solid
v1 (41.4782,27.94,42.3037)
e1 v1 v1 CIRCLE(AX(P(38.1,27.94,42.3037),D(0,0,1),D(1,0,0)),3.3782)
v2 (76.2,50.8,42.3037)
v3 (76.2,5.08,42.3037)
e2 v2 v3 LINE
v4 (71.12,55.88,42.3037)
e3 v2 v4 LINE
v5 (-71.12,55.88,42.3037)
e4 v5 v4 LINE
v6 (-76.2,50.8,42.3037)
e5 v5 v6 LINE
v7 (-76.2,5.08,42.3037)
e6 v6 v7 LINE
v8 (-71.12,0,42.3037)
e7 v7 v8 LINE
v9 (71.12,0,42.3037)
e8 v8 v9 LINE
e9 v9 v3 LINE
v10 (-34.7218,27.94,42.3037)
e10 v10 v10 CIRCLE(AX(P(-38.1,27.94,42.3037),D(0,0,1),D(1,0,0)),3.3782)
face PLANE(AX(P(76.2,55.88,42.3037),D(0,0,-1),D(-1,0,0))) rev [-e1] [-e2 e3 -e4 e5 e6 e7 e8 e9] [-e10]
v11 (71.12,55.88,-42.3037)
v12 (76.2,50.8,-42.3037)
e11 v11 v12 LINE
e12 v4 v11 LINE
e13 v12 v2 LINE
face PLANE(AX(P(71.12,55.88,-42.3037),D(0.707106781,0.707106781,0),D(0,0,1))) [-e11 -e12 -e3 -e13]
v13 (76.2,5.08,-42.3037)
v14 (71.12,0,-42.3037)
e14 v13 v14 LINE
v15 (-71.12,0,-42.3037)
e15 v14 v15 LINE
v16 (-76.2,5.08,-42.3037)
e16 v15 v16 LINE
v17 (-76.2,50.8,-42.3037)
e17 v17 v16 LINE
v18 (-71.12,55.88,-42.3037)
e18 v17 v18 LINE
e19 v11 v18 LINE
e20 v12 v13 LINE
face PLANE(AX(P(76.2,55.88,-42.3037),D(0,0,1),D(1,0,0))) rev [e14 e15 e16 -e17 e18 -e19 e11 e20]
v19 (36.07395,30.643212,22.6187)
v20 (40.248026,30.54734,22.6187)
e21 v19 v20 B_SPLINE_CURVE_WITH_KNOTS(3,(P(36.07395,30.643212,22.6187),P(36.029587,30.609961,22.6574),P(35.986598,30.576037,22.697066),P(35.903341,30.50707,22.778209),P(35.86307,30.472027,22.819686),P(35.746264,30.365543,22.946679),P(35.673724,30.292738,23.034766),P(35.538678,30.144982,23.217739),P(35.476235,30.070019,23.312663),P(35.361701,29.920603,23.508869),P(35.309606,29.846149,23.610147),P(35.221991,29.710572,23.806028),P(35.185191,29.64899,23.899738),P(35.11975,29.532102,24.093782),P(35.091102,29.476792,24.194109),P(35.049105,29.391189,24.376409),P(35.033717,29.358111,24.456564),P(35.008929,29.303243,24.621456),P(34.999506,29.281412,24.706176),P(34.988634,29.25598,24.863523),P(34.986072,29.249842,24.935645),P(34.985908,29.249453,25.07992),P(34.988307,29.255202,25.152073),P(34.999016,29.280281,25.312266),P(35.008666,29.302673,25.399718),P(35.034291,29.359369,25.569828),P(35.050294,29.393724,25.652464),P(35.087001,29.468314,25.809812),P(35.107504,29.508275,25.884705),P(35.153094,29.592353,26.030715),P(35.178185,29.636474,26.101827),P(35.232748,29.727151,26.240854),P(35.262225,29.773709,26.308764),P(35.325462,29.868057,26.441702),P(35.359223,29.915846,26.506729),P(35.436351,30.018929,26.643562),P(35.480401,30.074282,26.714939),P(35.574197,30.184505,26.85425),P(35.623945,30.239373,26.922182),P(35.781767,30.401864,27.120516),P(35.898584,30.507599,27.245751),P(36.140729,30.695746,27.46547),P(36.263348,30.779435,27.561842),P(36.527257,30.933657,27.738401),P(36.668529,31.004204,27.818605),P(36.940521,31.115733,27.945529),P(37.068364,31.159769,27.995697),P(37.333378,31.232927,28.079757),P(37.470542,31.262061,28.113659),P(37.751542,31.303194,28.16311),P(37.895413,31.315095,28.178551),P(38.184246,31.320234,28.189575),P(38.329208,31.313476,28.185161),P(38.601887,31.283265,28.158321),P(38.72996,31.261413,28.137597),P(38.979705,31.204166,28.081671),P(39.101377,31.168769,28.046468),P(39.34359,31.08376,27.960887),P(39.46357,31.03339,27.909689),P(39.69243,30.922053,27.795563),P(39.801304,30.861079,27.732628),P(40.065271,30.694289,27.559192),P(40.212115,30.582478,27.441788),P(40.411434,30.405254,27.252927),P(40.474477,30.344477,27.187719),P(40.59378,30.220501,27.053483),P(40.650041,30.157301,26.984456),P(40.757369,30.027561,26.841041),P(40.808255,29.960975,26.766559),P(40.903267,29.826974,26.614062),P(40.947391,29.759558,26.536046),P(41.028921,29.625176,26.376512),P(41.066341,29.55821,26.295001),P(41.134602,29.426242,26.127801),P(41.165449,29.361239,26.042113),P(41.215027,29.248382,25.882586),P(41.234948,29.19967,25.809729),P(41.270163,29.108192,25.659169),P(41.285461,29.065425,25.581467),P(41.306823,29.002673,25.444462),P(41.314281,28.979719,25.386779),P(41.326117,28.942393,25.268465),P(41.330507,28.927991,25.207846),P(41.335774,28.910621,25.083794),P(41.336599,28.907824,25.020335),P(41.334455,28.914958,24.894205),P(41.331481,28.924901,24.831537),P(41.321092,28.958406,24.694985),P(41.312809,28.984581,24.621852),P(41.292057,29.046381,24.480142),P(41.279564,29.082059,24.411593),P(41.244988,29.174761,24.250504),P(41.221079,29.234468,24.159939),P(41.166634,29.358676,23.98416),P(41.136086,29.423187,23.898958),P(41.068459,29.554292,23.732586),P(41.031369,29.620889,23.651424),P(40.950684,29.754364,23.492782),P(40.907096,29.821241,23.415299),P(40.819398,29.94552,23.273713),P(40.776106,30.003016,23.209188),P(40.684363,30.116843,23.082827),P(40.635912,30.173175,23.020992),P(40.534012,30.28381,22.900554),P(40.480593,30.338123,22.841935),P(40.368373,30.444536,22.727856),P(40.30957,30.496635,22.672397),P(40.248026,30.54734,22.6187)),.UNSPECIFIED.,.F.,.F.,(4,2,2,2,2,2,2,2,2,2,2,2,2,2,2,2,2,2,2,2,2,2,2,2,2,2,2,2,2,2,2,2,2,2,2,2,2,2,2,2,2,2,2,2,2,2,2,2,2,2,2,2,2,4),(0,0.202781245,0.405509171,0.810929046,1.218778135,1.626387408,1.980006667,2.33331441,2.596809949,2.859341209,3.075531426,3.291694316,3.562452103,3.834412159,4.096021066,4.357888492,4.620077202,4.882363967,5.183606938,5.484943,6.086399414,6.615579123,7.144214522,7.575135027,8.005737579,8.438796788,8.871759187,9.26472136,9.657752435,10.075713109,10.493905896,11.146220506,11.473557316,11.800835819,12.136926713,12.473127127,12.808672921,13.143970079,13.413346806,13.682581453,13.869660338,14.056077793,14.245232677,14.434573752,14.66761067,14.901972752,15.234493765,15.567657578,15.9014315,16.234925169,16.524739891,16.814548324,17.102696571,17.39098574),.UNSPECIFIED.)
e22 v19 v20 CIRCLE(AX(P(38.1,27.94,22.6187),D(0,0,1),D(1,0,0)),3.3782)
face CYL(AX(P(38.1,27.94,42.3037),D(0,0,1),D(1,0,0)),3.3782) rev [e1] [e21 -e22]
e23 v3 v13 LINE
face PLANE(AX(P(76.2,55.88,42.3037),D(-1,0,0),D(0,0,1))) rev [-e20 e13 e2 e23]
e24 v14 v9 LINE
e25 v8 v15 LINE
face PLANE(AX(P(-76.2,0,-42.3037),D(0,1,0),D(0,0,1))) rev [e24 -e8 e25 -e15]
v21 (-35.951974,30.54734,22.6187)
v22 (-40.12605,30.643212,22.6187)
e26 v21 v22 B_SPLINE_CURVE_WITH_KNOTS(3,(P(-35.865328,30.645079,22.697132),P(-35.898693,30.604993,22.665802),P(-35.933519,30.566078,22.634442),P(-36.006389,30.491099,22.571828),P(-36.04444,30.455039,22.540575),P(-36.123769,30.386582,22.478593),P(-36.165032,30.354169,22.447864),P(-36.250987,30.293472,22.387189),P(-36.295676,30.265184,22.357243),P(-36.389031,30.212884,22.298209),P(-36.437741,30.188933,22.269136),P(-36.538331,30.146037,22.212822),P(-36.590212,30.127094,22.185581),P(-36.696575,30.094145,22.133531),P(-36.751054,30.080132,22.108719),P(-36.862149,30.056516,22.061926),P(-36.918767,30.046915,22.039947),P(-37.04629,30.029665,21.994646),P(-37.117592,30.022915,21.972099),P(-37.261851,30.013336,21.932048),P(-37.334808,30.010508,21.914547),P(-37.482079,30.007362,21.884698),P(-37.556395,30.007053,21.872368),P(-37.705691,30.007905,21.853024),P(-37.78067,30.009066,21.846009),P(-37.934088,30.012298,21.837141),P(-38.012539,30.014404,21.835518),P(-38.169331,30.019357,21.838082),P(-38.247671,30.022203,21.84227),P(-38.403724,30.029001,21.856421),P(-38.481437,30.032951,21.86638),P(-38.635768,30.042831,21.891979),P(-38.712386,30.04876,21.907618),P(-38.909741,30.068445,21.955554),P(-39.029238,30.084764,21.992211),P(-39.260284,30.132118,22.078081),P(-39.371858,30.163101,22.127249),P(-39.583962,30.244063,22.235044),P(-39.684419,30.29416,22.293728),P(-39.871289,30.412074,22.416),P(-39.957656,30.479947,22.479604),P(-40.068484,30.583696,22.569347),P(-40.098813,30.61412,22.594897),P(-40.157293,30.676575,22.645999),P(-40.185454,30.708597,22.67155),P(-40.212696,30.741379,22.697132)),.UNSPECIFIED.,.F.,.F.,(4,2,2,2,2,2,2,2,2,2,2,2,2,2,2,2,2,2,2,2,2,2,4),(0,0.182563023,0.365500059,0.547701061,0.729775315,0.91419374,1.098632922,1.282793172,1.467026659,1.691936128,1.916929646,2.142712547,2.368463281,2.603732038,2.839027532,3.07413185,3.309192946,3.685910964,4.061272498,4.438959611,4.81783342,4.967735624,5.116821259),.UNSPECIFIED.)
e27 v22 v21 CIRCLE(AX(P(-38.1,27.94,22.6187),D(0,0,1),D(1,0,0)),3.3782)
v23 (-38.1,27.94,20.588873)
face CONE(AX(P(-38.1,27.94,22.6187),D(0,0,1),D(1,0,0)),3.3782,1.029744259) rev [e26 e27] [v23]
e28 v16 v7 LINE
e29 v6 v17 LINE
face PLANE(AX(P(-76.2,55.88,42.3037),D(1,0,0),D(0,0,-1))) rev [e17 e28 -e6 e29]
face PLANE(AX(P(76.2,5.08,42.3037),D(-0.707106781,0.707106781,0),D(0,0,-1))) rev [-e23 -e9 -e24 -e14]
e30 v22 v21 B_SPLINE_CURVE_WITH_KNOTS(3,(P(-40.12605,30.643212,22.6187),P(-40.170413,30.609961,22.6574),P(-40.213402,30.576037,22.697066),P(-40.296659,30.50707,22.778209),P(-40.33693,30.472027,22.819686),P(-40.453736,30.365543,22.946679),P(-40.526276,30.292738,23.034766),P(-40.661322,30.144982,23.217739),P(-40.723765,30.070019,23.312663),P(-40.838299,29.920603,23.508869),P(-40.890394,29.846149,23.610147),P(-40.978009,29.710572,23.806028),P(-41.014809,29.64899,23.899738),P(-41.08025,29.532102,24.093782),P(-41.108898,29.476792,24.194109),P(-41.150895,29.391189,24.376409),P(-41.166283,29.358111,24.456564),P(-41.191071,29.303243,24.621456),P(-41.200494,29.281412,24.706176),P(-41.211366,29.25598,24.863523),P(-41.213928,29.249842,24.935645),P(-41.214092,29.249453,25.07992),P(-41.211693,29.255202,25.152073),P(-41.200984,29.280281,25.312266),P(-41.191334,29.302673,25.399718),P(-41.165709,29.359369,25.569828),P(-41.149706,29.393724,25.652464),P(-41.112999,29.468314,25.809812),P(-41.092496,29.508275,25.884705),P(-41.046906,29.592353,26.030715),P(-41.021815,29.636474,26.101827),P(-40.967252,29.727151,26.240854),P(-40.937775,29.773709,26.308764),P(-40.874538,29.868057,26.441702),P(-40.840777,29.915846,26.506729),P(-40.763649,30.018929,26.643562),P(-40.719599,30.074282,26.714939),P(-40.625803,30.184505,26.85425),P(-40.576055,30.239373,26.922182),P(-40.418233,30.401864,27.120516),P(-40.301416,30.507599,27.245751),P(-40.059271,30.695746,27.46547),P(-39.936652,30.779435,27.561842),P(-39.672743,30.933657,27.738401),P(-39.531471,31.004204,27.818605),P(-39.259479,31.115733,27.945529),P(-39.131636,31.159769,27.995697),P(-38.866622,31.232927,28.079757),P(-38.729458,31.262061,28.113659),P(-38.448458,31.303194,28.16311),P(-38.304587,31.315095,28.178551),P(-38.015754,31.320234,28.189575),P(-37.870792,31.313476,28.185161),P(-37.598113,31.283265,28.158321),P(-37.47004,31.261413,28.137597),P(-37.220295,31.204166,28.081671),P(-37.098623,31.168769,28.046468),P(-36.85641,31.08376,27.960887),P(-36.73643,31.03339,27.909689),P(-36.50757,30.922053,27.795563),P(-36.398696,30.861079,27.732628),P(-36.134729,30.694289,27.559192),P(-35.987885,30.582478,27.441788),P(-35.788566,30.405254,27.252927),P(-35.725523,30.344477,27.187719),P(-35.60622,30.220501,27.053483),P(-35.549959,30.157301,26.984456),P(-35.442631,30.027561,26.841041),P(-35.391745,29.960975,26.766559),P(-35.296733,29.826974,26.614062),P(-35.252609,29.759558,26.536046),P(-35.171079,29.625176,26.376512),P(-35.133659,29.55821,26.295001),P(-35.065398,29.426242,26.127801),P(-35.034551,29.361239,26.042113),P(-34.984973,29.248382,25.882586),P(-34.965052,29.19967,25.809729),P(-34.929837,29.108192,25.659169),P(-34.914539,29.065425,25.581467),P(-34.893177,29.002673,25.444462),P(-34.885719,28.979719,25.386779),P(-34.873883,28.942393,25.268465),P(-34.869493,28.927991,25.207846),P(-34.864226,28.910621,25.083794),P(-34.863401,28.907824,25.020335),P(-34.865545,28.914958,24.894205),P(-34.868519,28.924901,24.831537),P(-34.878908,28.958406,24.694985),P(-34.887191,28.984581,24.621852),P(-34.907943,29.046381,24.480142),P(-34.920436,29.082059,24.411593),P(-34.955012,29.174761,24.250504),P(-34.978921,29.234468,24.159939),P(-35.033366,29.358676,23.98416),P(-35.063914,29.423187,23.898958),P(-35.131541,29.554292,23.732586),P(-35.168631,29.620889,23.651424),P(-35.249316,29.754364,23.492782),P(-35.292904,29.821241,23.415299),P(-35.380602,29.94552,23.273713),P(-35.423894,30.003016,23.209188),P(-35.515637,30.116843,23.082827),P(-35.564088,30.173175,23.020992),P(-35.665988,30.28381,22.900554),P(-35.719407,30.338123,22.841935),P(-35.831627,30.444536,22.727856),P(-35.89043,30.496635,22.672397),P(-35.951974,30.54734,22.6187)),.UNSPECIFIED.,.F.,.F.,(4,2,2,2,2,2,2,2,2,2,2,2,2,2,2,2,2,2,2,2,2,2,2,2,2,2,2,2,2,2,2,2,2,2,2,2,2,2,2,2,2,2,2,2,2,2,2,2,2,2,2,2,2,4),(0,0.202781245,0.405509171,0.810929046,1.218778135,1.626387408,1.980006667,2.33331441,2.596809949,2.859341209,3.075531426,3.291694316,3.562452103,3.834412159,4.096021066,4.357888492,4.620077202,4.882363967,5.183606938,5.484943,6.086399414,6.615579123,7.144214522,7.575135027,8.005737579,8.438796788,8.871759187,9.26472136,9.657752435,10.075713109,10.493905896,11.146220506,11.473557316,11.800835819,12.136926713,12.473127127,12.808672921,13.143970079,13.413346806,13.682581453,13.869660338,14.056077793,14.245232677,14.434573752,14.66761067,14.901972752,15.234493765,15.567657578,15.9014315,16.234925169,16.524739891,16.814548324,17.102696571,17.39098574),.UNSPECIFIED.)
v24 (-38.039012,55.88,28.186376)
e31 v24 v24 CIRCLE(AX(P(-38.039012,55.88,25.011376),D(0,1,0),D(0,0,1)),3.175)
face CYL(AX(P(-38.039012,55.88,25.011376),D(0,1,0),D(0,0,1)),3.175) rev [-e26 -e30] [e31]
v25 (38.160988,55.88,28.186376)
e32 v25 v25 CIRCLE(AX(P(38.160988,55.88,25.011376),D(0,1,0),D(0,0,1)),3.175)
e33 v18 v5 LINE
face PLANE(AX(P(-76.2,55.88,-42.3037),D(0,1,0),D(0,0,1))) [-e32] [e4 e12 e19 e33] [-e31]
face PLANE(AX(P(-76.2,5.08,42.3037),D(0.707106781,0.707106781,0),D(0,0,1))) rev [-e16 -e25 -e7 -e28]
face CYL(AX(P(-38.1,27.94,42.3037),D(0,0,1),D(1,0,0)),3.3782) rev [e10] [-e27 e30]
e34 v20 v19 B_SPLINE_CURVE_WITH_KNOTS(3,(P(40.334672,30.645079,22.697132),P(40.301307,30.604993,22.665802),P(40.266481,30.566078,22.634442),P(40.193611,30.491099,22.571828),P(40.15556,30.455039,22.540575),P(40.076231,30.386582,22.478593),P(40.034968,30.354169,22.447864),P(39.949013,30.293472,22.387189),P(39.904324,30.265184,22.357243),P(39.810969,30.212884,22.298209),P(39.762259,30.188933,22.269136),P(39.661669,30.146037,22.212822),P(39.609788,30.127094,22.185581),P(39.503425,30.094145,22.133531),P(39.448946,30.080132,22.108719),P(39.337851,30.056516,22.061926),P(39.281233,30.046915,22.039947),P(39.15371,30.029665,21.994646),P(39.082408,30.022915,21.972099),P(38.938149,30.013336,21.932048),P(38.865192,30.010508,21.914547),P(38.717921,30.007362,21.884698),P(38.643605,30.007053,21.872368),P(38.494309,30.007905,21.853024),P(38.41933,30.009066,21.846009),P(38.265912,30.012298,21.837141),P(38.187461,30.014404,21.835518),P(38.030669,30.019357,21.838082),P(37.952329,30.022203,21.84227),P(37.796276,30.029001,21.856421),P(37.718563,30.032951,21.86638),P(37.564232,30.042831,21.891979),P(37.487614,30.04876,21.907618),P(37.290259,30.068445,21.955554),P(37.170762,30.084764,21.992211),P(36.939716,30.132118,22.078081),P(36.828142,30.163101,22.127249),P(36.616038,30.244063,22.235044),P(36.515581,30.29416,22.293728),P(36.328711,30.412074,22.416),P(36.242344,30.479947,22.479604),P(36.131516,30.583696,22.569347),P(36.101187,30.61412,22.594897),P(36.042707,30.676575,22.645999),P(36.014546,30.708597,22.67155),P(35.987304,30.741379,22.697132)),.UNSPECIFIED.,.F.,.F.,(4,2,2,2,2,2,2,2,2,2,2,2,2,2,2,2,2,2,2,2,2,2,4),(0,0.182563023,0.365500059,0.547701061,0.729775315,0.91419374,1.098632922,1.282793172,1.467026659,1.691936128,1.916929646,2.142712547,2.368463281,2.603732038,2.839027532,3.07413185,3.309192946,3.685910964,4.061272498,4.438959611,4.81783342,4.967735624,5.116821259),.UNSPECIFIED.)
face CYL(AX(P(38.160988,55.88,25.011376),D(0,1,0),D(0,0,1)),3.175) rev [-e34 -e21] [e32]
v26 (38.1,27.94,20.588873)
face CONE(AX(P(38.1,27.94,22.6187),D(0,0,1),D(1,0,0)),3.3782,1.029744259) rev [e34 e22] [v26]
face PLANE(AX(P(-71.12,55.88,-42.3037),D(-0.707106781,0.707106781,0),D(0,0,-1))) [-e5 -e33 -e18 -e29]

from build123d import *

# Parameters (mm, degrees)
SKETCH1_W                              = 152.4
SKETCH1_H                              = 84.6074
EXTRUDE1_DEPTH                         = 55.88
TAPPED_HOLE_FOR_1_4_20_HELICOIL1_D     = 6.7564
TAPPED_HOLE_FOR_1_4_20_HELICOIL1_DEPTH = 19.685
TAPPED_HOLE_FOR_1_4_20_HELICOIL1_TIP   = 2.029827343
F_1_4_0_25_DIAMETER_HOLE1_D            = 6.35
F_1_4_0_25_DIAMETER_HOLE1_DEPTH        = 27.94
F_1_4_0_25_DIAMETER_HOLE1_TIP          = 1.907732465
CHAMFER1_SIZE                          = 5.08


with BuildPart() as part:
    # Sketch1 → Extrude1 (new body)
    with BuildSketch(Plane(origin=(0, 0, 0), x_dir=(1, 0, 0), z_dir=(0, 1, 0))):
        Rectangle(SKETCH1_W, SKETCH1_H)
    extrude(amount=EXTRUDE1_DEPTH)

    # Tapped Hole for 1/4-20 Helicoil1
    with Locations(Plane.XY.offset(42.3037)):
        with Locations((-38.1, 27.94), (38.1, 27.94)):
            Hole(TAPPED_HOLE_FOR_1_4_20_HELICOIL1_D / 2, depth=TAPPED_HOLE_FOR_1_4_20_HELICOIL1_DEPTH)
            with Locations((0, 0, -(TAPPED_HOLE_FOR_1_4_20_HELICOIL1_DEPTH + TAPPED_HOLE_FOR_1_4_20_HELICOIL1_TIP / 2))):  # 118° drill point
                Cone(0, TAPPED_HOLE_FOR_1_4_20_HELICOIL1_D / 2, TAPPED_HOLE_FOR_1_4_20_HELICOIL1_TIP, mode=Mode.SUBTRACT)

    # 1/4 (0.25) Diameter Hole1
    with Locations(Plane(origin=(0, 55.88, 0), x_dir=(-1, 0, 0), z_dir=(0, 1, 0))):
        with Locations((-38.160987939, 25.011375754), (38.039012061, 25.011375754)):
            Hole(F_1_4_0_25_DIAMETER_HOLE1_D / 2, depth=F_1_4_0_25_DIAMETER_HOLE1_DEPTH)
            with Locations((0, 0, -(F_1_4_0_25_DIAMETER_HOLE1_DEPTH + F_1_4_0_25_DIAMETER_HOLE1_TIP / 2))):  # 118° drill point
                Cone(0, F_1_4_0_25_DIAMETER_HOLE1_D / 2, F_1_4_0_25_DIAMETER_HOLE1_TIP, mode=Mode.SUBTRACT)

    # Chamfer1
    chamfer1_edges = [part.edges().sort_by_distance(p)[0] for p in [
        (76.2, 55.88, 0),
        (-76.2, 55.88, 0),
        (76.2, 0, 0),
        (-76.2, 0, 0),
    ]]
    chamfer(chamfer1_edges, length=CHAMFER1_SIZE)


solid = part.part
